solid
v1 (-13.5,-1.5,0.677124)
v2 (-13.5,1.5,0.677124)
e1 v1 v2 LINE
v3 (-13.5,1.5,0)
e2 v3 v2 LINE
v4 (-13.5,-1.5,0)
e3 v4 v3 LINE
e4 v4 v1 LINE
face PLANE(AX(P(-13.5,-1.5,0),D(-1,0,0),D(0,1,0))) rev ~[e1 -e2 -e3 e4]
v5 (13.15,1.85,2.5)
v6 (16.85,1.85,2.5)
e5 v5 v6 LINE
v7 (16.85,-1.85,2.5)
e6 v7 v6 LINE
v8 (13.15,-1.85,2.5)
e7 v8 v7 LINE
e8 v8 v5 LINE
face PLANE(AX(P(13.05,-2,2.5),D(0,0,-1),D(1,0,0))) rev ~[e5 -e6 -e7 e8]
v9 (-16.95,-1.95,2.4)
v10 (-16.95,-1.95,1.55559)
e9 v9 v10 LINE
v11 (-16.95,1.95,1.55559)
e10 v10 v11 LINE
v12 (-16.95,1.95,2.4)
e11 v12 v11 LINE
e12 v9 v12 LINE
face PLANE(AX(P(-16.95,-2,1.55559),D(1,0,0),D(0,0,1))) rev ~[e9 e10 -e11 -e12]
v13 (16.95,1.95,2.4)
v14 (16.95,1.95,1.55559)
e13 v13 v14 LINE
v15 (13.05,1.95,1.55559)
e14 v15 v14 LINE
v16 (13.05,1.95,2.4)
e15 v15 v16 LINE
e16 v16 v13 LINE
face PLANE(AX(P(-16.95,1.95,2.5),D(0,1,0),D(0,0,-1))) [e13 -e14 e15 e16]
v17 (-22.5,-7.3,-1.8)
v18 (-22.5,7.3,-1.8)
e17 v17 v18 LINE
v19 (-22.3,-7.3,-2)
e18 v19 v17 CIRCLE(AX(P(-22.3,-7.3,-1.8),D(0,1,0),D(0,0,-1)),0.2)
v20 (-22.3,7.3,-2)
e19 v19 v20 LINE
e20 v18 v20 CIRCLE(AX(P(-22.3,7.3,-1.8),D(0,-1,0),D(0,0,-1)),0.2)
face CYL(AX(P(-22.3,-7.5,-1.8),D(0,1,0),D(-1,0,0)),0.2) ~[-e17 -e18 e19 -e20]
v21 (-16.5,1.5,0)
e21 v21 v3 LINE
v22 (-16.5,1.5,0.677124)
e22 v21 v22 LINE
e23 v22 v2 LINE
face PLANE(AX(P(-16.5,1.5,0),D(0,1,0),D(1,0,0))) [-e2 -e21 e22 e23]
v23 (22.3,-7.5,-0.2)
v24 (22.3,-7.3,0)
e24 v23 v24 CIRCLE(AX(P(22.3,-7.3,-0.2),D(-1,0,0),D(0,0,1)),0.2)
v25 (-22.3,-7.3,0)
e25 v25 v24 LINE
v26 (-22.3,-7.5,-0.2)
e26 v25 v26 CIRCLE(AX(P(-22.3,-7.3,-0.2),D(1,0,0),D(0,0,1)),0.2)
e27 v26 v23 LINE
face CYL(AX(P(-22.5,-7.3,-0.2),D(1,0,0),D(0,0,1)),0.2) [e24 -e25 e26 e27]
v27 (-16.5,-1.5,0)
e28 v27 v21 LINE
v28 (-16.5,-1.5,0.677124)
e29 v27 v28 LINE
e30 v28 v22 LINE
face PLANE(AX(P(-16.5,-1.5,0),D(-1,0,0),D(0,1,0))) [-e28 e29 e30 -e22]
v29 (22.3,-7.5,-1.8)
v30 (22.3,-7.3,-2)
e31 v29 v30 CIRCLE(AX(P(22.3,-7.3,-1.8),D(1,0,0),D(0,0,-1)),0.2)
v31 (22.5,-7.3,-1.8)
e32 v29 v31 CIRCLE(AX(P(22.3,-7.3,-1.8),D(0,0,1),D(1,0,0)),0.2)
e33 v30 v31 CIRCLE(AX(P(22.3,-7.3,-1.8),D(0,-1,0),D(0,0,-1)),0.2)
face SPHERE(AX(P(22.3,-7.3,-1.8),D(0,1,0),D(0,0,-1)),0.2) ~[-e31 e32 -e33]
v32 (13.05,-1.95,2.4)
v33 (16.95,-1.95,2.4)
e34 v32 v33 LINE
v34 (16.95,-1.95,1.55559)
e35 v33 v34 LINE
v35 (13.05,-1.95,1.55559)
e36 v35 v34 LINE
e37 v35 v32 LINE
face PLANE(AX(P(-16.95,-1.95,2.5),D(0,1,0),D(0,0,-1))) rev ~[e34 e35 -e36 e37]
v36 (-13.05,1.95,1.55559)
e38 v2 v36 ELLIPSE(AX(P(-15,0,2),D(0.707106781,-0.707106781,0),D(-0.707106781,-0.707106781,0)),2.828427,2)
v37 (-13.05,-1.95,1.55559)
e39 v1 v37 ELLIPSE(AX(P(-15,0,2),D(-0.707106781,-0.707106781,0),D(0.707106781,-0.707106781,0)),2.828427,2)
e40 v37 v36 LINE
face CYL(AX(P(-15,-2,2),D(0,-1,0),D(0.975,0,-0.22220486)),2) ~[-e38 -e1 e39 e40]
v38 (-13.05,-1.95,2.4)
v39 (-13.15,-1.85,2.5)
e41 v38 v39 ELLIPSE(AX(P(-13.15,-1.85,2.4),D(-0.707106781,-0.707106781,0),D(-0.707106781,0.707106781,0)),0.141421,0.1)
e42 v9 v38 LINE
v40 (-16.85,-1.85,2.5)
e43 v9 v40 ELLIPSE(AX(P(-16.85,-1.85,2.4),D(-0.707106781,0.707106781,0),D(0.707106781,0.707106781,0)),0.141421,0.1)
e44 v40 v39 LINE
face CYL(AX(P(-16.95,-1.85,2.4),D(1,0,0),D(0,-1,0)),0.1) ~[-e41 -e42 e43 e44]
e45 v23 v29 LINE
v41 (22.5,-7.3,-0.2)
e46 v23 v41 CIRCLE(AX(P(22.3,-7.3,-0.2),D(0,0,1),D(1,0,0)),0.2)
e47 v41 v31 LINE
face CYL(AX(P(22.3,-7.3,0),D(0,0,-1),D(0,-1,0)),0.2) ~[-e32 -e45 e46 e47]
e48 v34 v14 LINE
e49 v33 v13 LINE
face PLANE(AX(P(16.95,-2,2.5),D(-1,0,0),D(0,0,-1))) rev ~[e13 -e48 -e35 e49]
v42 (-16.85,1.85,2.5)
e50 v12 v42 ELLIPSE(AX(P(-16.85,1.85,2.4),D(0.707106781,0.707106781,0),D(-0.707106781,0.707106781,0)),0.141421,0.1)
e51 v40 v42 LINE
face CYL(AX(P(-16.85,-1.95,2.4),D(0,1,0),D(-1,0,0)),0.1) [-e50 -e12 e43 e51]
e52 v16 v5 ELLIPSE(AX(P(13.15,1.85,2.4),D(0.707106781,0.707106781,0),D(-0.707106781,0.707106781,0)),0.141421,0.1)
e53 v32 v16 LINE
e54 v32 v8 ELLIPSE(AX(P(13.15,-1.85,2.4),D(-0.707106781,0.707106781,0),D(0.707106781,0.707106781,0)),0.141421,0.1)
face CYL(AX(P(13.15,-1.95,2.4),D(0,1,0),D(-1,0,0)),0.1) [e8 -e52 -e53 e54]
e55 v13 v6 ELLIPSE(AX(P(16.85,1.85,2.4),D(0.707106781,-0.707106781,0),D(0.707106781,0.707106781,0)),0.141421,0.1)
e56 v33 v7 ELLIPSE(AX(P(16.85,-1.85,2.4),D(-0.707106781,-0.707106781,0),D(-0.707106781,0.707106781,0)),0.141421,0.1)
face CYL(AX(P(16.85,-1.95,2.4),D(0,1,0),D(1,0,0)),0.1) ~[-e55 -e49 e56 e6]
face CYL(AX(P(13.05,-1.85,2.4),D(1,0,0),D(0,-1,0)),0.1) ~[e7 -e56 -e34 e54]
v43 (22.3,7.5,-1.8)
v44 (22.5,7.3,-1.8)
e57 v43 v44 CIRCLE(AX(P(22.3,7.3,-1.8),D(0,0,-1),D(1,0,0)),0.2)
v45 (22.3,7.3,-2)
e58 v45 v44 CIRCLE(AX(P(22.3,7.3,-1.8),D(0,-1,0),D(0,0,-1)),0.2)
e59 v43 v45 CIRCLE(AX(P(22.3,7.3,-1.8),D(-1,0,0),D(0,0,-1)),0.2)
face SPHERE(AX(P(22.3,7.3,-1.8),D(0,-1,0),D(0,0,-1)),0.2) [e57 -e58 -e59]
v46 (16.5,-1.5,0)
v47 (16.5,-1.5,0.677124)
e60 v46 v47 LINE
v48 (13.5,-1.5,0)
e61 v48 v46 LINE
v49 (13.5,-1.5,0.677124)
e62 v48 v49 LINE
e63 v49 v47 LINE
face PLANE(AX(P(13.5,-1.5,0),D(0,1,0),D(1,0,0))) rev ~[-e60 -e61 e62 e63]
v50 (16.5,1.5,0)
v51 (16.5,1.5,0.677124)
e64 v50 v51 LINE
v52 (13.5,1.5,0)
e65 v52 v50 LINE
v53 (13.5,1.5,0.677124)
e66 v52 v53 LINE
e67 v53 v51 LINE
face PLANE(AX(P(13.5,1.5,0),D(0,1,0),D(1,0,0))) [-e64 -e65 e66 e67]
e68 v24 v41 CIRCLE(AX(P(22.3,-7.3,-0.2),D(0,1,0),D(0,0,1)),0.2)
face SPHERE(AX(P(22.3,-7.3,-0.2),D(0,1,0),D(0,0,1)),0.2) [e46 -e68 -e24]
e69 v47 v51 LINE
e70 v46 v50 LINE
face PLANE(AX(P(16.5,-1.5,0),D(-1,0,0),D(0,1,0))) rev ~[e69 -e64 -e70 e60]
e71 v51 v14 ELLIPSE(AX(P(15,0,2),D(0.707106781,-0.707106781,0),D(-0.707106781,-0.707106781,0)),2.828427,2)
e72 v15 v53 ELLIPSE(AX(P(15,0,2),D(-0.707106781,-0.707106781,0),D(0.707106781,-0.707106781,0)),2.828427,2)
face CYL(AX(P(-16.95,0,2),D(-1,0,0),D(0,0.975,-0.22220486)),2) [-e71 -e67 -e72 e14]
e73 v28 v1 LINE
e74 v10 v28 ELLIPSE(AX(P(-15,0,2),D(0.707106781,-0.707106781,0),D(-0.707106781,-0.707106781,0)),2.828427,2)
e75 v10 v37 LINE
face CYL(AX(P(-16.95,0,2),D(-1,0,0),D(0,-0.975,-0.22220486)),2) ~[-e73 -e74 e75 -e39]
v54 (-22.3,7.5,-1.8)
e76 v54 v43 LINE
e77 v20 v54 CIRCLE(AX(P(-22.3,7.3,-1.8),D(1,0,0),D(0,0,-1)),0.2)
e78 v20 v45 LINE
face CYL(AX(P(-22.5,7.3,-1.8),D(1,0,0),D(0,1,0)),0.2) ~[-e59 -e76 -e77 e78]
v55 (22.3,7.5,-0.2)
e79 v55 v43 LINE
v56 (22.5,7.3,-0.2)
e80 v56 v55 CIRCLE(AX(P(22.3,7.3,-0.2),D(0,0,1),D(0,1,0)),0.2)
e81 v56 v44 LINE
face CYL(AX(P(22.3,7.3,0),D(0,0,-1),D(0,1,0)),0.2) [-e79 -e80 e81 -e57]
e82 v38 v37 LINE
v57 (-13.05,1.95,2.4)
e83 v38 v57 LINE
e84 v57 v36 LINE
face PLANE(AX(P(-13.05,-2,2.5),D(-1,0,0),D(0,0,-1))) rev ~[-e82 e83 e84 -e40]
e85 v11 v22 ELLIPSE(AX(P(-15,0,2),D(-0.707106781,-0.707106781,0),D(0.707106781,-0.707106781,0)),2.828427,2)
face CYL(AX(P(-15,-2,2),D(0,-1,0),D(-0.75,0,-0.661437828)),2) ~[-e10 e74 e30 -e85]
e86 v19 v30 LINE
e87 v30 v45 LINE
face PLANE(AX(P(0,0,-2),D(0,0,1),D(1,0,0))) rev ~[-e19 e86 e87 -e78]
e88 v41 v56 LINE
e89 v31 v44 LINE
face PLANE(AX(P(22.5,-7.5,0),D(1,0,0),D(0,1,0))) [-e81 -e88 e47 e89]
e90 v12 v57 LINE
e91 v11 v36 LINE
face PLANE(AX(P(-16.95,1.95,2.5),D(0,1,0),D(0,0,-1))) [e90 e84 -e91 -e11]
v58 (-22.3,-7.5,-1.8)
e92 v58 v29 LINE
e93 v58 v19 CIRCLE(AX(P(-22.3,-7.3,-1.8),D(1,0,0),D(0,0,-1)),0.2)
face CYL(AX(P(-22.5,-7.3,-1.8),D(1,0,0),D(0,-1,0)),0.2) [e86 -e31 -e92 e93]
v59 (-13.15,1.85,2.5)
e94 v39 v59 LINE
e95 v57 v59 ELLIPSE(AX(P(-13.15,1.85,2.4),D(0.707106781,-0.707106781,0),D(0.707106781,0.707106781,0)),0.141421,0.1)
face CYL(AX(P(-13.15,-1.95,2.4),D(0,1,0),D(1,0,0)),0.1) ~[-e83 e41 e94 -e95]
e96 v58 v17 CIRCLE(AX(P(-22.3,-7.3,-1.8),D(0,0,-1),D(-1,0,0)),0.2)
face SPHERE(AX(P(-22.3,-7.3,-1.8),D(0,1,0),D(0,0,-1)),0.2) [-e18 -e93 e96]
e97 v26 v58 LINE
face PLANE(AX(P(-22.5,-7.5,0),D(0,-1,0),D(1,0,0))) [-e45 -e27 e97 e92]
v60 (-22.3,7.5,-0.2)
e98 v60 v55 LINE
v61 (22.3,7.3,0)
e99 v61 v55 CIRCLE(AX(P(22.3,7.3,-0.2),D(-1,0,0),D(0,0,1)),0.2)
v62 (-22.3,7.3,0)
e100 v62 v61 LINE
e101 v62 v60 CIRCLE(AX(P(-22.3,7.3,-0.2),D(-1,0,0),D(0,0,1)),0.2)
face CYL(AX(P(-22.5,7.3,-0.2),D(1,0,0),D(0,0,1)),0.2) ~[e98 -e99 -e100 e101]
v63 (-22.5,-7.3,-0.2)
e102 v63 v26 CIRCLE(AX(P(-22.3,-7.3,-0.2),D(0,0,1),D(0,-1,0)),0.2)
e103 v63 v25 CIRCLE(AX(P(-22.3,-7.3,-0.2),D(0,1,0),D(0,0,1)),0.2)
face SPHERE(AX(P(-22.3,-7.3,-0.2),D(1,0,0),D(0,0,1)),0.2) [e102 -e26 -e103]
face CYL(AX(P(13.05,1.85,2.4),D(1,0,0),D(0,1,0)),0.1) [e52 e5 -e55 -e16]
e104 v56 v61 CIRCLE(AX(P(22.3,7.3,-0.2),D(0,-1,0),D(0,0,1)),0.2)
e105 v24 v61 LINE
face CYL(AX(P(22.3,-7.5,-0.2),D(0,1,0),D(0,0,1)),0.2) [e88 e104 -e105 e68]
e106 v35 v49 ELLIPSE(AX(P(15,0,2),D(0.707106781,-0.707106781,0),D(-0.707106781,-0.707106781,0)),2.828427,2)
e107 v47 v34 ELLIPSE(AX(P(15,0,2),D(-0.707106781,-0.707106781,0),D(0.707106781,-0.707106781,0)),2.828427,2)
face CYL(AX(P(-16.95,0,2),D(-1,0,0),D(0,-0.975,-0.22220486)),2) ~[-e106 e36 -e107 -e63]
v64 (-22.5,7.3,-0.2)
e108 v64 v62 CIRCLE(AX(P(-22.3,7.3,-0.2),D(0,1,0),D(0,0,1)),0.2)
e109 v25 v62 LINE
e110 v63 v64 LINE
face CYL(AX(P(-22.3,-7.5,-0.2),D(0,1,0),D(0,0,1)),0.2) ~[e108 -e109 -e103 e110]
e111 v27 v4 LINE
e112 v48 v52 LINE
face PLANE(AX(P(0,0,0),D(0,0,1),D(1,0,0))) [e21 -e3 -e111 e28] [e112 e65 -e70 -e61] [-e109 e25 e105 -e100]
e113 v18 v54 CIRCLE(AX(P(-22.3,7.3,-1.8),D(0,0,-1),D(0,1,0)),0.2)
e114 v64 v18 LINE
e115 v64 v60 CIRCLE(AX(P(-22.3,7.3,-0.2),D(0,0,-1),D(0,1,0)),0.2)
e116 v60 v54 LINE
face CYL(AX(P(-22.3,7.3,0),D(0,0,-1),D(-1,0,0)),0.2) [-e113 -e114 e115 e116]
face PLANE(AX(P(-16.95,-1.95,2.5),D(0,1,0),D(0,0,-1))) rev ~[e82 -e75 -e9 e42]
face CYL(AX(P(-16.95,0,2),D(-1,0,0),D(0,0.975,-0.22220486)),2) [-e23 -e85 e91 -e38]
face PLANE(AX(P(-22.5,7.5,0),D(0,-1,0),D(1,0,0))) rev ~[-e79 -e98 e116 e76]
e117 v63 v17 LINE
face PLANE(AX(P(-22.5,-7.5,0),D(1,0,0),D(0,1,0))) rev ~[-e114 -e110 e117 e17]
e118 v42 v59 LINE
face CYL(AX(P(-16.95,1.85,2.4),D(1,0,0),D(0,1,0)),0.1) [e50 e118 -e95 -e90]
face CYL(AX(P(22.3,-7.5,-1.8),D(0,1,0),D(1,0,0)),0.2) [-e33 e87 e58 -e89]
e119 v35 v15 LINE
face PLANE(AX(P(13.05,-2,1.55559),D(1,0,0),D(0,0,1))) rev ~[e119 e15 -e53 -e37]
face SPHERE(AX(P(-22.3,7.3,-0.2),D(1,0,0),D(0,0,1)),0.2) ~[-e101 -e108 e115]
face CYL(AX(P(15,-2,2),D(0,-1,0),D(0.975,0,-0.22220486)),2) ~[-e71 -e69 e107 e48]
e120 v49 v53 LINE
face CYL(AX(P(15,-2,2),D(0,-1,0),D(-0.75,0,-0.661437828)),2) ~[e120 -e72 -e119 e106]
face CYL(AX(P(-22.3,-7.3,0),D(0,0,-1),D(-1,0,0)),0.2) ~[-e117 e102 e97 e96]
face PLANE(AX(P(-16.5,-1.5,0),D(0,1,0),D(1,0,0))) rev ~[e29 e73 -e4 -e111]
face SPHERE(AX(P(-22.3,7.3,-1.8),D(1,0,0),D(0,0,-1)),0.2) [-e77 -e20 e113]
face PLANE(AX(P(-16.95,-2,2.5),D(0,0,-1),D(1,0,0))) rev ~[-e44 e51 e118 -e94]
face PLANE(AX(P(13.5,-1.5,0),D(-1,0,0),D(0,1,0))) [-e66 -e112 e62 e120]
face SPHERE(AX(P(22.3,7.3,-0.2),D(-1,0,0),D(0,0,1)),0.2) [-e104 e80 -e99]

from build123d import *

# Parameters (mm, degrees)
SKETCH_1_W           = 45
SKETCH_1_H           = 15
EXTRUDE_1_DEPTH      = 2
SKETCH_2_W           = 3
SKETCH_2_H           = 3
EXTRUDE_2_DEPTH      = 1
EXTRUDE_3_DEPTH      = 2
EXTRUDE_3_DEPTH_BACK = 2
CUT_EXTRUDE_1_DEPTH  = 41.234344782
FILLET_1_R           = 0.2
FILLET_2_R           = 0.1


with BuildPart() as part:
    # 草图1 → 凸台-拉伸1 (new body)
    with BuildSketch(Plane.XY):
        Rectangle(SKETCH_1_W, SKETCH_1_H)
    extrude(amount=-EXTRUDE_1_DEPTH)

    # 草图2 → 凸台-拉伸2 (add)
    with BuildSketch(Plane.XY):
        with Locations((-15, 0)):
            Rectangle(SKETCH_2_W, SKETCH_2_H)
        with Locations((15, 0)):
            Rectangle(SKETCH_2_W, SKETCH_2_H)
    extrude(amount=EXTRUDE_2_DEPTH)

    # 草图3 → 凸台-拉伸3 (add, two sides: drawn at the far end of the back side and taken through both)
    with BuildSketch(Plane(origin=(0, 0, 0), x_dir=(1, 0, 0), z_dir=(0, 1, 0)).offset(-EXTRUDE_3_DEPTH_BACK)):
        with BuildLine():
            Line((-16.95, -2.5), (-13.05, -2.5))
            Line((-13.05, -2.5), (-13.05, -1.555590279))
            ThreePointArc((-13.05, -1.555590279), (-13.219957697, -1.088161527), (-13.5, -0.677124344))
            Line((-13.5, -0.677124344), (-16.5, -0.677124344))
            ThreePointArc((-16.5, -0.677124344), (-16.780042303, -1.088161527), (-16.95, -1.555590279))
            Line((-16.95, -1.555590279), (-16.95, -2.5))
        make_face()
        with BuildLine():
            Line((16.5, -0.677124344), (13.5, -0.677124344))
            ThreePointArc((13.5, -0.677124344), (13.219957697, -1.088161527), (13.05, -1.555590279))
            Line((13.05, -1.555590279), (13.05, -2.5))
            Line((13.05, -2.5), (16.95, -2.5))
            Line((16.95, -2.5), (16.95, -1.555590279))
            ThreePointArc((16.95, -1.555590279), (16.780042303, -1.088161527), (16.5, -0.677124344))
        make_face()
    extrude(amount=EXTRUDE_3_DEPTH + EXTRUDE_3_DEPTH_BACK)

    # 草图4 → 切除-拉伸1 (cut, through all)
    with BuildSketch(Plane.ZY.offset(16.95)):
        with BuildLine():
            Line((2.5, 1.95), (1.555590279, 1.95))
            ThreePointArc((1.555590279, 1.95), (1.088161527, 1.780042303), (0.677124344, 1.5))
            Line((0.677124344, 1.5), (0.677124344, 2))
            Line((0.677124344, 2), (2.5, 2))
            Line((2.5, 2), (2.5, 1.95))
        make_face()
        with BuildLine():
            Line((0.677124344, -2), (2.5, -2))
            Line((2.5, -2), (2.5, -1.95))
            Line((2.5, -1.95), (1.555590279, -1.95))
            ThreePointArc((1.555590279, -1.95), (1.088161527, -1.780042303), (0.677124344, -1.5))
            Line((0.677124344, -1.5), (0.677124344, -2))
        make_face()
    extrude(amount=-CUT_EXTRUDE_1_DEPTH, mode=Mode.SUBTRACT)

    # 圆角1
    fillet_1_edges = [part.edges().sort_by_distance(p)[0] for p in [
        (22.5, 0, -2),
        (0, 7.5, -2),
        (-22.5, 0, -2),
        (0, 7.5, 0),
        (22.5, 0, 0),
        (0, -7.5, 0),
        (-22.5, 0, 0),
        (0, -7.5, -2),
        (-22.5, 7.5, -1),
        (22.5, 7.5, -1),
        (22.5, -7.5, -1),
        (-22.5, -7.5, -1),
    ]]
    fillet(fillet_1_edges, radius=FILLET_1_R)

    # 圆角2
    fillet_2_edges = [part.edges().sort_by_distance(p)[0] for p in [
        (13.05, 0, 2.5),
        (16.95, 0, 2.5),
        (-16.95, 0, 2.5),
        (-13.05, 0, 2.5),
        (-15, -1.95, 2.5),
        (15, -1.95, 2.5),
        (-15, 1.95, 2.5),
        (15, 1.95, 2.5),
    ]]
    fillet(fillet_2_edges, radius=FILLET_2_R)


solid = part.part
